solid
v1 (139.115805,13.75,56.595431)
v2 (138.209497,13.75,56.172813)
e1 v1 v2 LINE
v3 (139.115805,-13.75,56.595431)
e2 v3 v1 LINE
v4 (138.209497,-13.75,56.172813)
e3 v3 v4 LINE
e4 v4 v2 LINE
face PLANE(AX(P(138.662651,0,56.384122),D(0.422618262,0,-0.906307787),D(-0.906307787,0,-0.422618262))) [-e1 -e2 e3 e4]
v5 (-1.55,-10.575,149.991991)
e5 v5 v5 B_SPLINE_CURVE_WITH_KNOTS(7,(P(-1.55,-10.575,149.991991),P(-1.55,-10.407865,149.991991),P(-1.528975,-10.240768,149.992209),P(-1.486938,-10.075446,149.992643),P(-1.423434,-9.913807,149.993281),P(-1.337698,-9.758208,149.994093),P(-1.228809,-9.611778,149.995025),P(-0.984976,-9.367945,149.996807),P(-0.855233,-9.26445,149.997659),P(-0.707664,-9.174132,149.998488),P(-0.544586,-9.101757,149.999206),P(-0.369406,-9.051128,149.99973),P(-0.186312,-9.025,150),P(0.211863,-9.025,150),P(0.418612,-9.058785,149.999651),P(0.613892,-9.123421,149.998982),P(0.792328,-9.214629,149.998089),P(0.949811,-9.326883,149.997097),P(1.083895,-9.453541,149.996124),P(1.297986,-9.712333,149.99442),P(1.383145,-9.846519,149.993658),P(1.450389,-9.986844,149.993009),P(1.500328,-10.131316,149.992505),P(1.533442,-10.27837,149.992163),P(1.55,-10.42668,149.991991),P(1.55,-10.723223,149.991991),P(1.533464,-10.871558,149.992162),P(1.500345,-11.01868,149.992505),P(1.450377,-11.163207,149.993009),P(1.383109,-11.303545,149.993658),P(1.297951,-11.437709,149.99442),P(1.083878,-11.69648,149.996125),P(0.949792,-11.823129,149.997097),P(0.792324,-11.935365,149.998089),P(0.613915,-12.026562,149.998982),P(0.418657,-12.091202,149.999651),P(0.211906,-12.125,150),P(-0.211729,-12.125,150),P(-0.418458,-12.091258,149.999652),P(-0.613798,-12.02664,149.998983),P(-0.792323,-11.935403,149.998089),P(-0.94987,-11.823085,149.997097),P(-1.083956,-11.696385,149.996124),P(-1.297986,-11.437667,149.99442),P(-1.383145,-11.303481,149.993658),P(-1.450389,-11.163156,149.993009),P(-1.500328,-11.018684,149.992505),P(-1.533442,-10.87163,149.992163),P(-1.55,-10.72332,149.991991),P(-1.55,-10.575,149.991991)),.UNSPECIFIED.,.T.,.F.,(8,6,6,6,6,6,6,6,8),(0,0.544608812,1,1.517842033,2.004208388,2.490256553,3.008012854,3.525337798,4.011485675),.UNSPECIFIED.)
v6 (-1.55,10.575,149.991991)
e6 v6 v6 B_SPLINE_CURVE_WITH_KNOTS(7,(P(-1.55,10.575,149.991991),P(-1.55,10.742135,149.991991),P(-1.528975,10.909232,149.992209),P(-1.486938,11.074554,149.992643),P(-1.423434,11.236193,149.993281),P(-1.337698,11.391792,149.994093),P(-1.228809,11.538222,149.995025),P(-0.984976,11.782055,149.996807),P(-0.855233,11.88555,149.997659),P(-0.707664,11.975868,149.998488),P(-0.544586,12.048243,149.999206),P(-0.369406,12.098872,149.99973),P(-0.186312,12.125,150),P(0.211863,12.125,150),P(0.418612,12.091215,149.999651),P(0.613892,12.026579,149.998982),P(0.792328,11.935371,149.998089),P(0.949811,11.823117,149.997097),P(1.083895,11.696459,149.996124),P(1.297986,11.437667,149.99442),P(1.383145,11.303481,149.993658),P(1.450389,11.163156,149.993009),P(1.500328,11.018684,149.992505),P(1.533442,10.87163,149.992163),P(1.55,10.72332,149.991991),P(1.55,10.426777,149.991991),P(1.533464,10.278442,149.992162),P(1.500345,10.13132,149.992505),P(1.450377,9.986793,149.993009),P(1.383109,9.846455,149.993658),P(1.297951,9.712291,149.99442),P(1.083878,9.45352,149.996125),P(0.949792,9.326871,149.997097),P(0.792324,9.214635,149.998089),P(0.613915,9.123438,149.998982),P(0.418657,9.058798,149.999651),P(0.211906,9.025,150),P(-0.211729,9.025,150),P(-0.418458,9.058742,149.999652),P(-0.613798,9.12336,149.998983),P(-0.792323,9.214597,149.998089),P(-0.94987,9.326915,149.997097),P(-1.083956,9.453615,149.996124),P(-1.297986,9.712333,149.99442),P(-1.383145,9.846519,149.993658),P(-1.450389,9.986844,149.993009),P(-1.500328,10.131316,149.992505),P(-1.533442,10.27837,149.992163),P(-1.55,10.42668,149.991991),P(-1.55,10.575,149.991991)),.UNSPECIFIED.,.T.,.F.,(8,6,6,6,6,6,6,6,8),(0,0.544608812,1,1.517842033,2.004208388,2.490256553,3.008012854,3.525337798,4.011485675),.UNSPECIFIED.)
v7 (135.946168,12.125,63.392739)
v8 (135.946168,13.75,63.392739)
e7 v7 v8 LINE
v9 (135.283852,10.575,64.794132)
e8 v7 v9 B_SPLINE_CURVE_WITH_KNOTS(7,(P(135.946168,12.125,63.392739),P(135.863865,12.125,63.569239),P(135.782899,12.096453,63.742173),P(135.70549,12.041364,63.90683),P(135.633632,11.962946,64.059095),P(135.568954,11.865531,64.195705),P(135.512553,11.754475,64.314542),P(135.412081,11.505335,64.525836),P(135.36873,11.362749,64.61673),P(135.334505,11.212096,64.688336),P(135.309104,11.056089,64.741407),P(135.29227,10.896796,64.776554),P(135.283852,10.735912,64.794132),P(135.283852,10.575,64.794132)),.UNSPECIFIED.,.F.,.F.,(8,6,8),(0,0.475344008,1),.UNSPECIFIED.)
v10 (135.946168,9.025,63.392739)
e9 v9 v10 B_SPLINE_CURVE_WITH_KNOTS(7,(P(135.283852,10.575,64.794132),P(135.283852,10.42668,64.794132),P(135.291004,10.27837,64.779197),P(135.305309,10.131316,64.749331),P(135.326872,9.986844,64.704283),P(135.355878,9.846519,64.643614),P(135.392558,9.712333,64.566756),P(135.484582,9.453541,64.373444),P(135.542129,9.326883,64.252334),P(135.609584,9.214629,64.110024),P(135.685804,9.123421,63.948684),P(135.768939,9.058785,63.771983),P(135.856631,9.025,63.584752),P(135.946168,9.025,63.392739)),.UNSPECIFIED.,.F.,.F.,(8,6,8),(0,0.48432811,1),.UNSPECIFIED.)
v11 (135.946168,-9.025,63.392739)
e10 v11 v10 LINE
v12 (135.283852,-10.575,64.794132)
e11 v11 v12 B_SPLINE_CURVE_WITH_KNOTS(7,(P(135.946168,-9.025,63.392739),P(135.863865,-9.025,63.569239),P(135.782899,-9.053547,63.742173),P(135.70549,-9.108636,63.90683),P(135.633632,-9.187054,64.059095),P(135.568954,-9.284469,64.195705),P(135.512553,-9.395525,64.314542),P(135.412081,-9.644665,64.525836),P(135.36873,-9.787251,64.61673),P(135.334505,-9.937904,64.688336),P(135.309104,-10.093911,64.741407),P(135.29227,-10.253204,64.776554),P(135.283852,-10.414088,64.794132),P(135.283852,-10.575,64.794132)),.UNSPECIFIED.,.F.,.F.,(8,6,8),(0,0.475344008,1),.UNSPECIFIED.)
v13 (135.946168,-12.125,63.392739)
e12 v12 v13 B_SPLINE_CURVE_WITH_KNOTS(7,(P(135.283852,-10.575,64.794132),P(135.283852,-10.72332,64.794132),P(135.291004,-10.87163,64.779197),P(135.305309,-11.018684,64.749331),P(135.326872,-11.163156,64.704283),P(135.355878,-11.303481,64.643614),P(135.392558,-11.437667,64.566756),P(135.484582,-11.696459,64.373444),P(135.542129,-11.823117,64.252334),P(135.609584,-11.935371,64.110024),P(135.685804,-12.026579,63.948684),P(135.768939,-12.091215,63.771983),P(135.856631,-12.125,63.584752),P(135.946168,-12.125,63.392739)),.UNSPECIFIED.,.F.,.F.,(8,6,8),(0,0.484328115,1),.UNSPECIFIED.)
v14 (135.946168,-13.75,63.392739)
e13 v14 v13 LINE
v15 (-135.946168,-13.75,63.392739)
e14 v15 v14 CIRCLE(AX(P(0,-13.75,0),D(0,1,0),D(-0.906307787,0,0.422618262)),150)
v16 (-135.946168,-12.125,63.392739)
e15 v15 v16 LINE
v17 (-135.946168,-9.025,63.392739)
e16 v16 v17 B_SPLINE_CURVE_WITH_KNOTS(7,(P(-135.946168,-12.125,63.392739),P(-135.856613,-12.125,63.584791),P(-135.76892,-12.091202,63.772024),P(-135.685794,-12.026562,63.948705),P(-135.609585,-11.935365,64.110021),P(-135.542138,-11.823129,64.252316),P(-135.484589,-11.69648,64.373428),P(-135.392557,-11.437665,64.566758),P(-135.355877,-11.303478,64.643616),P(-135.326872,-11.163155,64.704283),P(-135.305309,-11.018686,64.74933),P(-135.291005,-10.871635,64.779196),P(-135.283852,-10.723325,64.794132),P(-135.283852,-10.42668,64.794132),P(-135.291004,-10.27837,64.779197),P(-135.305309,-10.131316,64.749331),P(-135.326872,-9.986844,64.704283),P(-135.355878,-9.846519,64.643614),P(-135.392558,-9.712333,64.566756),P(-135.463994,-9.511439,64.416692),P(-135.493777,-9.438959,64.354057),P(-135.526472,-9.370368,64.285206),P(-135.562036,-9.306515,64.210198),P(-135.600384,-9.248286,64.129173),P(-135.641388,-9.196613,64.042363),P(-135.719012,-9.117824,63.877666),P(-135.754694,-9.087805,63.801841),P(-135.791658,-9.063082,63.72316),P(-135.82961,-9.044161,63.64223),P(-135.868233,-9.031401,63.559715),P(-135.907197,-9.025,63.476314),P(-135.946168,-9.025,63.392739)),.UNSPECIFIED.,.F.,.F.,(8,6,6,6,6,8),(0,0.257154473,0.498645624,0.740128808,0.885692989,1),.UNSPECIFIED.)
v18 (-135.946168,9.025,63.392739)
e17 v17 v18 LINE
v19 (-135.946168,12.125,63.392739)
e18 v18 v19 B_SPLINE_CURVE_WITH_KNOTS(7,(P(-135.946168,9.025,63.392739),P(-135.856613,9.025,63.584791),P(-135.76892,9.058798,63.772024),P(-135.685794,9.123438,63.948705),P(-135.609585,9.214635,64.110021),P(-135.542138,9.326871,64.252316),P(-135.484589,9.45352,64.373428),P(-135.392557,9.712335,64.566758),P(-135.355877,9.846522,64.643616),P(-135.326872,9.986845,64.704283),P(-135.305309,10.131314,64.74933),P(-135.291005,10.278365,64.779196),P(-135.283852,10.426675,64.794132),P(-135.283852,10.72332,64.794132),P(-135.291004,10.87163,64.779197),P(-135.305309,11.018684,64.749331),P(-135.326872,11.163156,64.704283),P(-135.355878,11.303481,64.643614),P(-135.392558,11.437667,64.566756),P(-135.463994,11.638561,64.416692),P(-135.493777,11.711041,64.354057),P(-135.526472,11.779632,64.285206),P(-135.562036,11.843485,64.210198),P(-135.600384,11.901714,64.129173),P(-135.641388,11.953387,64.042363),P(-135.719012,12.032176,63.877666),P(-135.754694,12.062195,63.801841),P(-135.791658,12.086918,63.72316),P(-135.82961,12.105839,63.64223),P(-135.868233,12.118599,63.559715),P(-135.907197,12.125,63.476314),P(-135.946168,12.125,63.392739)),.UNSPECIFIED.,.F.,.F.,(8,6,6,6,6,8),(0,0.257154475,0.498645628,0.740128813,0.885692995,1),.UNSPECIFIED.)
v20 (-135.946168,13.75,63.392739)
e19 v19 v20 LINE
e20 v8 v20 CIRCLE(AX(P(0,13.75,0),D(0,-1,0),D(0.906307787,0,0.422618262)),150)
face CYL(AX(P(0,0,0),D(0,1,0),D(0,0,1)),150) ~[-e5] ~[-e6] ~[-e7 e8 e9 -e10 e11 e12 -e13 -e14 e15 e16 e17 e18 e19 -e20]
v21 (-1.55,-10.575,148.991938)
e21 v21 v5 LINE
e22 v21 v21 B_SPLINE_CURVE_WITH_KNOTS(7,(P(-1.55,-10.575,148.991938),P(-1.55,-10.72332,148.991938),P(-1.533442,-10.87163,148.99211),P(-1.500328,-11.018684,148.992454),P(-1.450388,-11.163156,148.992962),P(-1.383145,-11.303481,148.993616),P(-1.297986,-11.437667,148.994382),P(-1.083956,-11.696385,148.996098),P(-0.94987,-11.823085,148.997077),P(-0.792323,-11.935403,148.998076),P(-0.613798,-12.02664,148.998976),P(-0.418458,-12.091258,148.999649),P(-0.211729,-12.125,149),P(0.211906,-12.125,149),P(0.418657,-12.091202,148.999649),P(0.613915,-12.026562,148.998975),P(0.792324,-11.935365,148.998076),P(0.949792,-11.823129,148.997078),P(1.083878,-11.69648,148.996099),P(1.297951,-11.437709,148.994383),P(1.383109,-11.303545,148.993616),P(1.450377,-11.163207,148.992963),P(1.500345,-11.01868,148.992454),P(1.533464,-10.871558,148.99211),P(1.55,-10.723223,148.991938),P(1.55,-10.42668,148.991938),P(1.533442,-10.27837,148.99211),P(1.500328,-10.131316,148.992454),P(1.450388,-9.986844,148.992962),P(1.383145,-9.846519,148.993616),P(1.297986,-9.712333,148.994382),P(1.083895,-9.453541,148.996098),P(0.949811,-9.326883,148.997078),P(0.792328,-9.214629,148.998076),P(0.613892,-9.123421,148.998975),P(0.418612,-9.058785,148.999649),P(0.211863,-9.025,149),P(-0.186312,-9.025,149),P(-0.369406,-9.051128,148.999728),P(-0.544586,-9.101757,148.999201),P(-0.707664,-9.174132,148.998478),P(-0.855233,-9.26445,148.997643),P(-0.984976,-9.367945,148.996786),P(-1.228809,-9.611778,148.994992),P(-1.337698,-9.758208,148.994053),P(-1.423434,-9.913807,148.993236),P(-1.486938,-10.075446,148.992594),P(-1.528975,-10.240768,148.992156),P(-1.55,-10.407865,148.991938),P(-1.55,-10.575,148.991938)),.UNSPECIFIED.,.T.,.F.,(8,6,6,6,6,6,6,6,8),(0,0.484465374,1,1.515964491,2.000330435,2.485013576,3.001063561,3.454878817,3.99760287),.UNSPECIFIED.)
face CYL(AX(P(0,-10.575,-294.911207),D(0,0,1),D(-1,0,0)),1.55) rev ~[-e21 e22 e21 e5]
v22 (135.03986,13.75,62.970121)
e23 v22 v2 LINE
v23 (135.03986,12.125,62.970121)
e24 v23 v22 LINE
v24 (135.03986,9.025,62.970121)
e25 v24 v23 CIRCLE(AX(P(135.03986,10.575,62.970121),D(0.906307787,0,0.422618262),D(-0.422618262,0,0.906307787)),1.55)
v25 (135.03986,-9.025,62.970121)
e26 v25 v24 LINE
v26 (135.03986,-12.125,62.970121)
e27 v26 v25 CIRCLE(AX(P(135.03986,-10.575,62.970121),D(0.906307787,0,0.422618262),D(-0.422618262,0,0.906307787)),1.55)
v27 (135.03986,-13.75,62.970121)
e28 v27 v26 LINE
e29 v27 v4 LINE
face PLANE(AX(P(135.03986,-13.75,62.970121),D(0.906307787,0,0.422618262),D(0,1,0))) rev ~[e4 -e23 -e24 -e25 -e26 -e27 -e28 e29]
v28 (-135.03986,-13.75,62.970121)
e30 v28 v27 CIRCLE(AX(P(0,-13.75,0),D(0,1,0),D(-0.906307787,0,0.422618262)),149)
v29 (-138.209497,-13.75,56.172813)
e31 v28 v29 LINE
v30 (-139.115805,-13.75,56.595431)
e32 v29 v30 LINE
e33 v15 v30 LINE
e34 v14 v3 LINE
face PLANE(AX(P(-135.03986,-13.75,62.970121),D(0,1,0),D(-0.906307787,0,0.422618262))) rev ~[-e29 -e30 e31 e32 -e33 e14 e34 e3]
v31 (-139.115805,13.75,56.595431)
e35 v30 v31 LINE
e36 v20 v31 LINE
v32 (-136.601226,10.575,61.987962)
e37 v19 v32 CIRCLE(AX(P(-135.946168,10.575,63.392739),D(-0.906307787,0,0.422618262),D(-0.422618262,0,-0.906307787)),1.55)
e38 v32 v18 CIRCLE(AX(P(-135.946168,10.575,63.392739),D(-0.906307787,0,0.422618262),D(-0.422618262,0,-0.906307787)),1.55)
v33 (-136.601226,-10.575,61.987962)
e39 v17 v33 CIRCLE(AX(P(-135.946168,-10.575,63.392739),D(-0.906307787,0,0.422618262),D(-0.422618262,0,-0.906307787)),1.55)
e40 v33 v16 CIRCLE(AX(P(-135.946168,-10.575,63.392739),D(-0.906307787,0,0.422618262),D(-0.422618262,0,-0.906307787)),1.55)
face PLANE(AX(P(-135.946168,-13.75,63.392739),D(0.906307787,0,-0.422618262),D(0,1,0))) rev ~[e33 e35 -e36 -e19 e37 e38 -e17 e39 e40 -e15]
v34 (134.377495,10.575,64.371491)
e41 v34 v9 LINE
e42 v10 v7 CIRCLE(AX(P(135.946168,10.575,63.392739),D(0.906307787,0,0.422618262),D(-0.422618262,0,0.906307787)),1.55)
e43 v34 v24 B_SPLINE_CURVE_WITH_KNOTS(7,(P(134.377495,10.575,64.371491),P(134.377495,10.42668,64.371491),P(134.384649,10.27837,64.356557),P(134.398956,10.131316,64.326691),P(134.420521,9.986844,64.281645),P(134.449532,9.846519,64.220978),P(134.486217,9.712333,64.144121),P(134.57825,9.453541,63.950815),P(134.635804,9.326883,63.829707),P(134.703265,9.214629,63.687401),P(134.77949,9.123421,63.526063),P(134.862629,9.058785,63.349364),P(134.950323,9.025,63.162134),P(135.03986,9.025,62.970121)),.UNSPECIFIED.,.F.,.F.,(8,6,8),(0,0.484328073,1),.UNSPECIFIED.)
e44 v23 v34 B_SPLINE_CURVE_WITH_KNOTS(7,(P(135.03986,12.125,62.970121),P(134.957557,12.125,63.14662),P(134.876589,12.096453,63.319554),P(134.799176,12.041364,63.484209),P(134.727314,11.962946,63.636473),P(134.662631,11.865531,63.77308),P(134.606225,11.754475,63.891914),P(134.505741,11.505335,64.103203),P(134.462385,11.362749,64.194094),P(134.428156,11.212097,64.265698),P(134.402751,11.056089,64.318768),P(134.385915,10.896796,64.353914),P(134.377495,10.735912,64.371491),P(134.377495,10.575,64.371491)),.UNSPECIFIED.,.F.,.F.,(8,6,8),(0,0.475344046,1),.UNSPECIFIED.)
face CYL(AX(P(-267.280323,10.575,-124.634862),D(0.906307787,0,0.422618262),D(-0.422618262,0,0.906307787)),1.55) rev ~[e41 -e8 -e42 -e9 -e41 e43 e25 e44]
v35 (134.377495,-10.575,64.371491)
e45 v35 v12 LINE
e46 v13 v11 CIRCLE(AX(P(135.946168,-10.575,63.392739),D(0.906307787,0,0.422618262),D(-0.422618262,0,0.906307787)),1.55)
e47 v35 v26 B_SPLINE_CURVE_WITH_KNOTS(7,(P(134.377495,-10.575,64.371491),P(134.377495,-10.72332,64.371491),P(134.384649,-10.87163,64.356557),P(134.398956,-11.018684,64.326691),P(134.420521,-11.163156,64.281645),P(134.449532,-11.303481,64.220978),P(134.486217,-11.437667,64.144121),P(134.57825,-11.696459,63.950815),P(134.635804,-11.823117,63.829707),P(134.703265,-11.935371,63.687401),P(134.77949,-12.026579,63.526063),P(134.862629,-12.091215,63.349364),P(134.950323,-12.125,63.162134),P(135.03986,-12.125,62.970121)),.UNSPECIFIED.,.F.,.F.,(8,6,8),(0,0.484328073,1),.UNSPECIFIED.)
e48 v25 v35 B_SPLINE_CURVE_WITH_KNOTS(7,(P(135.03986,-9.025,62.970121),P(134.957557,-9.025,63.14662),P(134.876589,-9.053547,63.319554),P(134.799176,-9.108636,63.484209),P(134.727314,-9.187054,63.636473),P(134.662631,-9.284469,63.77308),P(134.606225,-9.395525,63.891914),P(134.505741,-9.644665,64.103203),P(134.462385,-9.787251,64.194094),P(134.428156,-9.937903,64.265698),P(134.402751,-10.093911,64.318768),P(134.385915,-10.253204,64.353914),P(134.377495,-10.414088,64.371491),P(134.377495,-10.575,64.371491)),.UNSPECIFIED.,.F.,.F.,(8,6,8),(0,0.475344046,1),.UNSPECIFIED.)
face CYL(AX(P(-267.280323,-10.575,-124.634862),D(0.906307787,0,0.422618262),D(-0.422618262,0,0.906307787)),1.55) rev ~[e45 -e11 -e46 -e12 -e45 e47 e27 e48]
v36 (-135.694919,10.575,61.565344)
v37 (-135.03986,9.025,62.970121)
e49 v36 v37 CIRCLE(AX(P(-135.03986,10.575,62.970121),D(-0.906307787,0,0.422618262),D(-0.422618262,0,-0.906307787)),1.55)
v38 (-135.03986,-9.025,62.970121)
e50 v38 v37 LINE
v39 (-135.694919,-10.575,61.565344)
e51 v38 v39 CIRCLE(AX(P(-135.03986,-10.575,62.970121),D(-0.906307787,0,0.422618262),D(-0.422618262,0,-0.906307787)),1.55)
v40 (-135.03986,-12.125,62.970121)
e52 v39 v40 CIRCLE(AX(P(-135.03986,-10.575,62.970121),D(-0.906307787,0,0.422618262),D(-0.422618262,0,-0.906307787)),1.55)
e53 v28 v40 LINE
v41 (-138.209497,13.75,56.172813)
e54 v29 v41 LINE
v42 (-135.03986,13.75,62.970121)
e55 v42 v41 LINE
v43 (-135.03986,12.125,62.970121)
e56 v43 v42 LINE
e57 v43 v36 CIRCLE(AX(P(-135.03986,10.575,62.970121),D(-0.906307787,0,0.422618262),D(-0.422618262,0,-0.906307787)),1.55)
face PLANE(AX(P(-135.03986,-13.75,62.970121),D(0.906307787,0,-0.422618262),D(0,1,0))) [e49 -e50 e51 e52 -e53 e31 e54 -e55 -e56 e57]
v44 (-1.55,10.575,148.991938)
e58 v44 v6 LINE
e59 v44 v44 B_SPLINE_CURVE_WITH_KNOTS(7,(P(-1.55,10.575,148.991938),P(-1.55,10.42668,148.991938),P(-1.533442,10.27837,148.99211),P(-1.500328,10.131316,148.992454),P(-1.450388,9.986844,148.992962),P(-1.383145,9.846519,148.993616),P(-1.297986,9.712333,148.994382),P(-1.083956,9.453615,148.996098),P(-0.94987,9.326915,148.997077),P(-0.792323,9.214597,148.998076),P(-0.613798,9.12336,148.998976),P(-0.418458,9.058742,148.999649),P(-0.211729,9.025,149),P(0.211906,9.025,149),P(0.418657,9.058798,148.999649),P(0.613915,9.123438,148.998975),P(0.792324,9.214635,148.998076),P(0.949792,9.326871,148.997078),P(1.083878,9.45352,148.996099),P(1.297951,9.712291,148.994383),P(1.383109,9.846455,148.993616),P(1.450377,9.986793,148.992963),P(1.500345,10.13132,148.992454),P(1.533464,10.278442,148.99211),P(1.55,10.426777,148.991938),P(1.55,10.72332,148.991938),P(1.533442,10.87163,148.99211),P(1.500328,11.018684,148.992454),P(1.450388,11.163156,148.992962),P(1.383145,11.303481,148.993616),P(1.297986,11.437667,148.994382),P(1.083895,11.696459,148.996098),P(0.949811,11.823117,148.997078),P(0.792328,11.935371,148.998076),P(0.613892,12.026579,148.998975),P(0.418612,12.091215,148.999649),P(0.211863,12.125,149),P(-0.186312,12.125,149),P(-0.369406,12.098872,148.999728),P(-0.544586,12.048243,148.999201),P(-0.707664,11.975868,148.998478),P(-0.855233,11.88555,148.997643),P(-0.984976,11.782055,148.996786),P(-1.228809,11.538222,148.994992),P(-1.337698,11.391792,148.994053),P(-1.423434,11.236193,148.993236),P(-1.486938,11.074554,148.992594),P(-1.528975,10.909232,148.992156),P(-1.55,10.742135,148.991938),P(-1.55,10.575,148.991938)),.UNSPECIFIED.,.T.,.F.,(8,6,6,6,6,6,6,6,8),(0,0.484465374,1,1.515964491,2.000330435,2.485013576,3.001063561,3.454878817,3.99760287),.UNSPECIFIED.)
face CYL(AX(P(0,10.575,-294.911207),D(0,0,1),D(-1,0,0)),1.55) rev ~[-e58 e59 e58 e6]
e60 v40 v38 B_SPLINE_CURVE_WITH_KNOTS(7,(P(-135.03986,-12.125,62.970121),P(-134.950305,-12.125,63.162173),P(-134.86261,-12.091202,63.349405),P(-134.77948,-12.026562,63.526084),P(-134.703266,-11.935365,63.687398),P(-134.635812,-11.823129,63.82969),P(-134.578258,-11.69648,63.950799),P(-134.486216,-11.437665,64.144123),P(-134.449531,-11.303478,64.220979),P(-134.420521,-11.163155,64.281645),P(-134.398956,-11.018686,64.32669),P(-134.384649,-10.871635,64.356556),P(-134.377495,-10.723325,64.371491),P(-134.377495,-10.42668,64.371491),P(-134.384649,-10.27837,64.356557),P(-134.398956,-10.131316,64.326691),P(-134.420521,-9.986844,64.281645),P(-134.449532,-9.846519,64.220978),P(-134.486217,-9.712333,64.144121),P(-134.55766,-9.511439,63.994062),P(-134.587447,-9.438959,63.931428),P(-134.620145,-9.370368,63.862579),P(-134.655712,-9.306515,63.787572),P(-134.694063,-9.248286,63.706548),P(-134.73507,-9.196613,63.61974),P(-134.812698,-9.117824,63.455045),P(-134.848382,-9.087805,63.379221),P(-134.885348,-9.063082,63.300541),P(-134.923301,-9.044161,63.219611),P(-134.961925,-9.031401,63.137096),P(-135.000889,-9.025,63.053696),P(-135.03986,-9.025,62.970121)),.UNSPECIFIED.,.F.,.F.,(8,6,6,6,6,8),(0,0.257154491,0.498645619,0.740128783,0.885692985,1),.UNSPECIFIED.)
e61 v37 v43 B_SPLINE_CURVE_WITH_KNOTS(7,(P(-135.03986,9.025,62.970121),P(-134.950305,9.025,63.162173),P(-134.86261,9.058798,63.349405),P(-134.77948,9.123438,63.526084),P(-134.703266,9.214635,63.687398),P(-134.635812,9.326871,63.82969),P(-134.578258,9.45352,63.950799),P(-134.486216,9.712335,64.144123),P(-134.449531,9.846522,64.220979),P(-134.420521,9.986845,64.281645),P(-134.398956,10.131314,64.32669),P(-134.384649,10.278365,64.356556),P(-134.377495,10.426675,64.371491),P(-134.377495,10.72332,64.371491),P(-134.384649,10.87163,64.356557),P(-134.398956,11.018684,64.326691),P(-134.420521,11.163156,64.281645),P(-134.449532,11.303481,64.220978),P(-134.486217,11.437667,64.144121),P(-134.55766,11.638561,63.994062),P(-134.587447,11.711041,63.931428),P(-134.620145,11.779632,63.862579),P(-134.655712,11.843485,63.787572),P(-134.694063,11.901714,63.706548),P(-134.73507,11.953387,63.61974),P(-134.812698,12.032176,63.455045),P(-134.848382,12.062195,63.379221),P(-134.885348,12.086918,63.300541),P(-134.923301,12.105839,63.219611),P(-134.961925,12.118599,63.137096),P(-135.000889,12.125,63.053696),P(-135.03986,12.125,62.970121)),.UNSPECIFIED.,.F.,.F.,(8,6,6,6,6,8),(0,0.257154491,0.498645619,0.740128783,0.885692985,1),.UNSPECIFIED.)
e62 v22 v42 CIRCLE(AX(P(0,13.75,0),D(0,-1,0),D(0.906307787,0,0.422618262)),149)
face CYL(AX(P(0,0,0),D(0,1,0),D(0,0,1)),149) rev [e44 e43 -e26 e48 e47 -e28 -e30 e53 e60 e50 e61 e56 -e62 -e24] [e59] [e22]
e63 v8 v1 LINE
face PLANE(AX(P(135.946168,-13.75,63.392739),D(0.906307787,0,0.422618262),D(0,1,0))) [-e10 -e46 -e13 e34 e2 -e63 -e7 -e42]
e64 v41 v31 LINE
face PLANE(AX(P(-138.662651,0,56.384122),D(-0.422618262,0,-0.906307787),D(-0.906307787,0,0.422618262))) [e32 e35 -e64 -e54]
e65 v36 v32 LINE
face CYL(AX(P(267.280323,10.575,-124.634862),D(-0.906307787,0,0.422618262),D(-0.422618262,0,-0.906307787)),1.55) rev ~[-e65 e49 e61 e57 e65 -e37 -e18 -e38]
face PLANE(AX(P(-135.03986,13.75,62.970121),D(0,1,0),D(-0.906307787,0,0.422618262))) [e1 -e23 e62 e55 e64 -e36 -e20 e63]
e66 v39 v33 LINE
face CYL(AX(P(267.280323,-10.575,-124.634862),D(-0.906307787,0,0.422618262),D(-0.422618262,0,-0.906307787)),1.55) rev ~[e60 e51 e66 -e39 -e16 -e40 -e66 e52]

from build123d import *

# Parameters (mm, degrees)
SKETCH2_W                       = 1
SKETCH2_H                       = 27.5
REVOLVE1_ANGLE                  = 130
SKETCH3_W                       = 1
SKETCH3_H                       = 27.5
BOSS_EXTRUDE1_DEPTH             = 7.5
SKETCH4_W                       = 1
SKETCH4_H                       = 27.5
BOSS_EXTRUDE2_DEPTH             = 7.5
M2_5_CLEARANCE_HOLE1_D          = 3.1
CIRPATTERN1_COUNT               = 2
CIRPATTERN1_ANGLE               = 65
CIRPATTERN1_THE_OTHER_WAY_COUNT = 2
CIRPATTERN1_THE_OTHER_WAY_ANGLE = 65


with BuildPart() as part:
    # Sketch2 → Revolve1 (revolve, symmetric)
    with BuildSketch(Plane(origin=(0, 0, 0), x_dir=(0, 0, -1), z_dir=(1, 0, 0))) as revolve1_sk:
        with Locations((-149.5, 0)):
            Rectangle(SKETCH2_W, SKETCH2_H)
    revolve(axis=Axis((0, -1000, 0), (0, 1, 0)), revolution_arc=REVOLVE1_ANGLE / 2)
    revolve(revolve1_sk.sketch, axis=Axis((0, -1000, 0), (0, -1, 0)), revolution_arc=REVOLVE1_ANGLE / 2)

    # Sketch3 → Boss-Extrude1 (add)
    with BuildSketch(Plane(origin=(0, 0, 0), x_dir=(-0.9063077870366509, 1.4496858692468702e-15, -0.4226182617406975), z_dir=(0.4226182617406975, 3.1088613791648487e-15, -0.9063077870366509))):
        with Locations((-149.5, 0)):
            Rectangle(SKETCH3_W, SKETCH3_H)
    extrude(amount=BOSS_EXTRUDE1_DEPTH)

    # Sketch4 → Boss-Extrude2 (add)
    with BuildSketch(Plane(origin=(0, 0, 0), x_dir=(-0.906307787036651, -1.4496858692468694e-15, 0.4226182617406973), z_dir=(-0.4226182617406973, 3.1088613791648455e-15, -0.906307787036651))):
        with Locations((149.5, 0)):
            Rectangle(SKETCH4_W, SKETCH4_H)
    extrude(amount=BOSS_EXTRUDE2_DEPTH)

    # M2.5 Clearance Hole1 (through all)
    with Locations(Plane(origin=(0, 0, 0), x_dir=(1, 0, 0), z_dir=(0, 0, -1))):
        with Locations((0, -10.575), (0, 10.575)):
            m2_5_clearance_hole1 = Hole(M2_5_CLEARANCE_HOLE1_D / 2)

    # CirPattern1: M2.5 Clearance Hole1 ×2 about axis
    cirpattern1_axis = Axis((0, -1000, 0), (0, 1, 0))
    for i in range(1, CIRPATTERN1_COUNT):
        add(m2_5_clearance_hole1.rotate(cirpattern1_axis, i * CIRPATTERN1_ANGLE / (CIRPATTERN1_COUNT - 1)), mode=Mode.SUBTRACT)

    # CirPattern1 the other way: M2.5 Clearance Hole1 ×2 about axis
    cirpattern1_the_other_way_axis = Axis((0, -1000, 0), (0, -1, 0))
    for i in range(1, CIRPATTERN1_THE_OTHER_WAY_COUNT):
        add(m2_5_clearance_hole1.rotate(cirpattern1_the_other_way_axis, i * CIRPATTERN1_THE_OTHER_WAY_ANGLE / (CIRPATTERN1_THE_OTHER_WAY_COUNT - 1)), mode=Mode.SUBTRACT)


solid = part.part
